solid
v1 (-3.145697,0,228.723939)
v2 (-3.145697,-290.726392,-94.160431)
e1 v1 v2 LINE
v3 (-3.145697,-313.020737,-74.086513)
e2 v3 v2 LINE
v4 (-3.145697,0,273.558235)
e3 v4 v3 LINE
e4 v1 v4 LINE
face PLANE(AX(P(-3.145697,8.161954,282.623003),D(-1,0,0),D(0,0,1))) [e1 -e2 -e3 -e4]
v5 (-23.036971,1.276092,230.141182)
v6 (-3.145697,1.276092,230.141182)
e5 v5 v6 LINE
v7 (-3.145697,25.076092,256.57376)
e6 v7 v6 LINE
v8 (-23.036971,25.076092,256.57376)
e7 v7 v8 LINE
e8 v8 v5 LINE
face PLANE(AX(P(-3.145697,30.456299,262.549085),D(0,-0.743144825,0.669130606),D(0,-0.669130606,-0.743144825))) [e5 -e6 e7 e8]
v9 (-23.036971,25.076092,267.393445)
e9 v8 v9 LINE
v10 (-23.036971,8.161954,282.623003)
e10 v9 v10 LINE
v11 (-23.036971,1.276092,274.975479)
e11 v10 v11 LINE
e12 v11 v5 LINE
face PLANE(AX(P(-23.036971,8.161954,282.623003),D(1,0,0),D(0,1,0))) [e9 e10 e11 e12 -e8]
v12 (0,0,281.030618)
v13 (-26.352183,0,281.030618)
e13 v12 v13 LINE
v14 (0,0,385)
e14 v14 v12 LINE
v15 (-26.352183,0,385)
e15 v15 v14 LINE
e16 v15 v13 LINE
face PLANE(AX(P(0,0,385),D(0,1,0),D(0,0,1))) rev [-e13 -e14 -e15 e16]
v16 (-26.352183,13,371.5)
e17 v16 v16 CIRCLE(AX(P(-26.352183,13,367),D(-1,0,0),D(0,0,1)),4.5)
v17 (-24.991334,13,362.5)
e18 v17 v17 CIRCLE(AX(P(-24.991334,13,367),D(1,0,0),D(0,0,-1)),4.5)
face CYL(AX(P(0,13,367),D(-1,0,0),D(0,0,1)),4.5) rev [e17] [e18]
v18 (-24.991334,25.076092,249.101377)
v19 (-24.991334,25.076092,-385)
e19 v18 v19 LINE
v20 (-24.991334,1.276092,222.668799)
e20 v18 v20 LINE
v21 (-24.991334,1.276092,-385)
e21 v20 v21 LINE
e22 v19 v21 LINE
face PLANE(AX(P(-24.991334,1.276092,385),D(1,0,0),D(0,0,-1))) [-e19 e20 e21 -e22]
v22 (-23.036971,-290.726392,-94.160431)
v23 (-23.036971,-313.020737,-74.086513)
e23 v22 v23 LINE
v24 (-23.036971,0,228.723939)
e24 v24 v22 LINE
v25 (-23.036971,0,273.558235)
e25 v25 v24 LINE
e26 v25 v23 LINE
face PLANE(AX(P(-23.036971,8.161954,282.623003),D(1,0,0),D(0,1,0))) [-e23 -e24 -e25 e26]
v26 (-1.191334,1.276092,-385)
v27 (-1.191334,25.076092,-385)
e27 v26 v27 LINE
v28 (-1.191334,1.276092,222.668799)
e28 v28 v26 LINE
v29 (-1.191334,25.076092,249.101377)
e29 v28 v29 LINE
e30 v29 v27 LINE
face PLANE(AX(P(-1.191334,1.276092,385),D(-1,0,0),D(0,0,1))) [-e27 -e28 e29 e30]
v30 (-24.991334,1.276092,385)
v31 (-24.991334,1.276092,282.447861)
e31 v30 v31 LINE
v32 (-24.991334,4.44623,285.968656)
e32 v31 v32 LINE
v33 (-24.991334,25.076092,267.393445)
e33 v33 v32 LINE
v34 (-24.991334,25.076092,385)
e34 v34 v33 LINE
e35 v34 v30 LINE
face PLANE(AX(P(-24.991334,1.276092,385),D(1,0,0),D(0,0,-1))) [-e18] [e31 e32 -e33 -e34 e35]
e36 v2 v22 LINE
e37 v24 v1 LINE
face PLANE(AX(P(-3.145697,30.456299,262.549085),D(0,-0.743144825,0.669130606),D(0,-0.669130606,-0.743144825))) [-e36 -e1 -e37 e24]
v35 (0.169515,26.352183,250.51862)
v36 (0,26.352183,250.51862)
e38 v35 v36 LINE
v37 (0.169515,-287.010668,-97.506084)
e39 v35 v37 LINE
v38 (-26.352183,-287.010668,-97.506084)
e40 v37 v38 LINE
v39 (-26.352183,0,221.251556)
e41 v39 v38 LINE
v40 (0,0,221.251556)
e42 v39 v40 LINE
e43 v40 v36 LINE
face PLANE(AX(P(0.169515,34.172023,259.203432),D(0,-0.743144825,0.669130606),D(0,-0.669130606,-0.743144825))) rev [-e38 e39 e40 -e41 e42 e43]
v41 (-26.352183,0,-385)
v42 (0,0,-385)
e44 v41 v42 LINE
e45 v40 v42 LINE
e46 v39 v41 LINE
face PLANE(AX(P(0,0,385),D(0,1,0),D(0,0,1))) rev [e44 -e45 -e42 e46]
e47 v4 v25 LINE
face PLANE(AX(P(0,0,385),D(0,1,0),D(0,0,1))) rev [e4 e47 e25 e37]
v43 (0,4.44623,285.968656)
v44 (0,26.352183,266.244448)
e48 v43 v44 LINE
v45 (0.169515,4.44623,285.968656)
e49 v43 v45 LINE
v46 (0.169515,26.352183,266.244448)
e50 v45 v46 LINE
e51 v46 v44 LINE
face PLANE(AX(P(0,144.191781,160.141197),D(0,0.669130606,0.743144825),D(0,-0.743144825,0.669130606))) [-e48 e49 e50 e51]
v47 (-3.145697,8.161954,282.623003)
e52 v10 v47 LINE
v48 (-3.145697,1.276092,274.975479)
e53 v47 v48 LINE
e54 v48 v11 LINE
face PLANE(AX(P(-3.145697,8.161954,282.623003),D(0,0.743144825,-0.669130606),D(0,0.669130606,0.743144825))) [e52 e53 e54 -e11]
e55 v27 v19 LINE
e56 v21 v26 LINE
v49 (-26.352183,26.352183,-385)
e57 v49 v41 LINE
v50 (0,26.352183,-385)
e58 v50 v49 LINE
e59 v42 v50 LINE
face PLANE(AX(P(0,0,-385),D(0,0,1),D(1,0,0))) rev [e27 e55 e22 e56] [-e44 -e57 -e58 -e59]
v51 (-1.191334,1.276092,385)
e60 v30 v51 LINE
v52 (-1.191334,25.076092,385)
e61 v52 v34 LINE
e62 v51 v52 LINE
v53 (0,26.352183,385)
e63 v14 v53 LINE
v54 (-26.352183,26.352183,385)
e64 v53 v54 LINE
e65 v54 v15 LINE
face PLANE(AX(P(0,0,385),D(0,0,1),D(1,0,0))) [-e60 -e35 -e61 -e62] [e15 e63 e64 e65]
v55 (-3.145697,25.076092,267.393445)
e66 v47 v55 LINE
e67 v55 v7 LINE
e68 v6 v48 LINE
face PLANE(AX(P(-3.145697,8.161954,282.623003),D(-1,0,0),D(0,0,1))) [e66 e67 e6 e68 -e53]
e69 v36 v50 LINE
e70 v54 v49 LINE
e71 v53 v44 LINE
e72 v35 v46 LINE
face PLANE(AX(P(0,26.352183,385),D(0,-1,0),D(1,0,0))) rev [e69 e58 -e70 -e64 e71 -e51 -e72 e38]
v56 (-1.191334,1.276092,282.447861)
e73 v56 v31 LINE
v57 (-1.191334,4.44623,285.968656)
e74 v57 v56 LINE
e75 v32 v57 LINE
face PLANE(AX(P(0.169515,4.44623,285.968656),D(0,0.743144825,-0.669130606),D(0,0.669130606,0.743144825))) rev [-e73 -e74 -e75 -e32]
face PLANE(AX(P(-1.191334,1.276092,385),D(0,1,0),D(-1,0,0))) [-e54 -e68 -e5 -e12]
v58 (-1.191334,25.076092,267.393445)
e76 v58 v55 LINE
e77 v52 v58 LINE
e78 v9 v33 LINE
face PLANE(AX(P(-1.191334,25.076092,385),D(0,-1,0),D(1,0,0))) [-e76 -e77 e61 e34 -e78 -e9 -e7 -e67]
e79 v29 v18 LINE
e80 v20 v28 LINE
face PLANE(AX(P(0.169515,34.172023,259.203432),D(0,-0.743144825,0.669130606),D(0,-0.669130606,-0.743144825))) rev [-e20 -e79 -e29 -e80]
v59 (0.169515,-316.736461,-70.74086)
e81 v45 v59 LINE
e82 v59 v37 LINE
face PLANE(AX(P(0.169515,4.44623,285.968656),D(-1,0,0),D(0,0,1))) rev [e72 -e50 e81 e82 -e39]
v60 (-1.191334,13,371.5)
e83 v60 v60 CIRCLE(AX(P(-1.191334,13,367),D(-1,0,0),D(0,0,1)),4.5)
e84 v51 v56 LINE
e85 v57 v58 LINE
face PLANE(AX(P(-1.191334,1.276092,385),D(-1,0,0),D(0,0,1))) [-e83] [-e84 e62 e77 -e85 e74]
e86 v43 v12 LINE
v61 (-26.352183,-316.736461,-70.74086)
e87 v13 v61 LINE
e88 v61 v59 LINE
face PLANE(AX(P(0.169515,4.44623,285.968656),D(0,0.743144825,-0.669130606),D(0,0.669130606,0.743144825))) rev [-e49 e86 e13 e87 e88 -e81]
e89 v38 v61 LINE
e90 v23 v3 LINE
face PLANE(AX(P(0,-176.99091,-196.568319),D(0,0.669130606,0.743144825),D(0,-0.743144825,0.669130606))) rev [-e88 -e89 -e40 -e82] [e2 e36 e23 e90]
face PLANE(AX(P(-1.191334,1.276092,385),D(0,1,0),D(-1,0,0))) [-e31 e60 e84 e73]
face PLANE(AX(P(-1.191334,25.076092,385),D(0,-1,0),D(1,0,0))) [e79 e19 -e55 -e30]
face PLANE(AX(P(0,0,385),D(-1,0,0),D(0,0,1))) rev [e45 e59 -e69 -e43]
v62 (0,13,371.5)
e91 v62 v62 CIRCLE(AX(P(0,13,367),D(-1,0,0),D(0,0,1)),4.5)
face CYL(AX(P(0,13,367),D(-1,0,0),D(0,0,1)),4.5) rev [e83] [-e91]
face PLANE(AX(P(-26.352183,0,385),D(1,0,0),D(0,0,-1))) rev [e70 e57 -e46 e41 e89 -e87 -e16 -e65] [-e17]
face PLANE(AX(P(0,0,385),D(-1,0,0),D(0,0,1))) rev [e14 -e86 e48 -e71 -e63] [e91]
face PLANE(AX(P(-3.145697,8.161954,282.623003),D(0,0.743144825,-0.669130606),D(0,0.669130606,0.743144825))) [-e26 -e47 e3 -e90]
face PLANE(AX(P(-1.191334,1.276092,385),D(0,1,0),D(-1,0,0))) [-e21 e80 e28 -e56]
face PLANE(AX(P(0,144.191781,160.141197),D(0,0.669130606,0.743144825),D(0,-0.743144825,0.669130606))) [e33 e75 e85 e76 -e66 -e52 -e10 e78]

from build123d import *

# Parameters (mm, degrees)
SKETCH2_W           = 26.352182783
SKETCH2_H           = 26.352182783
SKETCH2_W_2         = 23.8
SKETCH2_H_2         = 23.8
BOSS_EXTRUDE1_DEPTH = 385
SKETCH3_R           = 4.5
CUT_EXTRUDE1_DEPTH  = 387.799528276
SKETCH4_W           = 26.521697909
SKETCH4_H           = 40
SKETCH4_W_2         = 19.891273431
SKETCH4_H_2         = 30
BOSS_EXTRUDE2_DEPTH = 480
CUT_EXTRUDE2_DEPTH  = 500.249823585


with BuildPart() as part:
    # Sketch2 → Boss-Extrude1 (new, symmetric)
    with BuildSketch(Plane.XY):
        with Locations((-13.176091391, 13.176091391)):
            Rectangle(SKETCH2_W, SKETCH2_H)
        with Locations((-13.091333829, 13.176091663)):
            Rectangle(SKETCH2_W_2, SKETCH2_H_2, mode=Mode.SUBTRACT)
    extrude(amount=BOSS_EXTRUDE1_DEPTH, both=True)

    # Sketch3 → Cut-Extrude1 (cut, through all)
    with BuildSketch(Plane.ZY.offset(26.352182783)):
        with Locations((367, 13)):
            Circle(SKETCH3_R)
    extrude(amount=-CUT_EXTRUDE1_DEPTH, mode=Mode.SUBTRACT)

    # Sketch4 → Boss-Extrude2 (add)
    with BuildSketch(Plane(origin=(0, -176.990909821, -196.568319459), x_dir=(1, 0, 0), z_dir=(0, 0.6691306063588407, 0.7431448254774101))):
        with Locations((-13.091333828, -168.046187829)):
            Rectangle(SKETCH4_W, SKETCH4_H)
        with Locations((-13.091333829, -168.046187829)):
            Rectangle(SKETCH4_W_2, SKETCH4_H_2, mode=Mode.SUBTRACT)
    extrude(amount=BOSS_EXTRUDE2_DEPTH)

    # Sketch5 → Cut-Extrude2 (cut, through all)
    with BuildSketch(Plane.ZY.offset(26.352182783)):
        Polygon((266.244447792, 26.352182783), (250.51862, 26.352182783), (259.203432202, 34.172022814), align=None)
    extrude(amount=-CUT_EXTRUDE2_DEPTH, mode=Mode.SUBTRACT)


solid = part.part
